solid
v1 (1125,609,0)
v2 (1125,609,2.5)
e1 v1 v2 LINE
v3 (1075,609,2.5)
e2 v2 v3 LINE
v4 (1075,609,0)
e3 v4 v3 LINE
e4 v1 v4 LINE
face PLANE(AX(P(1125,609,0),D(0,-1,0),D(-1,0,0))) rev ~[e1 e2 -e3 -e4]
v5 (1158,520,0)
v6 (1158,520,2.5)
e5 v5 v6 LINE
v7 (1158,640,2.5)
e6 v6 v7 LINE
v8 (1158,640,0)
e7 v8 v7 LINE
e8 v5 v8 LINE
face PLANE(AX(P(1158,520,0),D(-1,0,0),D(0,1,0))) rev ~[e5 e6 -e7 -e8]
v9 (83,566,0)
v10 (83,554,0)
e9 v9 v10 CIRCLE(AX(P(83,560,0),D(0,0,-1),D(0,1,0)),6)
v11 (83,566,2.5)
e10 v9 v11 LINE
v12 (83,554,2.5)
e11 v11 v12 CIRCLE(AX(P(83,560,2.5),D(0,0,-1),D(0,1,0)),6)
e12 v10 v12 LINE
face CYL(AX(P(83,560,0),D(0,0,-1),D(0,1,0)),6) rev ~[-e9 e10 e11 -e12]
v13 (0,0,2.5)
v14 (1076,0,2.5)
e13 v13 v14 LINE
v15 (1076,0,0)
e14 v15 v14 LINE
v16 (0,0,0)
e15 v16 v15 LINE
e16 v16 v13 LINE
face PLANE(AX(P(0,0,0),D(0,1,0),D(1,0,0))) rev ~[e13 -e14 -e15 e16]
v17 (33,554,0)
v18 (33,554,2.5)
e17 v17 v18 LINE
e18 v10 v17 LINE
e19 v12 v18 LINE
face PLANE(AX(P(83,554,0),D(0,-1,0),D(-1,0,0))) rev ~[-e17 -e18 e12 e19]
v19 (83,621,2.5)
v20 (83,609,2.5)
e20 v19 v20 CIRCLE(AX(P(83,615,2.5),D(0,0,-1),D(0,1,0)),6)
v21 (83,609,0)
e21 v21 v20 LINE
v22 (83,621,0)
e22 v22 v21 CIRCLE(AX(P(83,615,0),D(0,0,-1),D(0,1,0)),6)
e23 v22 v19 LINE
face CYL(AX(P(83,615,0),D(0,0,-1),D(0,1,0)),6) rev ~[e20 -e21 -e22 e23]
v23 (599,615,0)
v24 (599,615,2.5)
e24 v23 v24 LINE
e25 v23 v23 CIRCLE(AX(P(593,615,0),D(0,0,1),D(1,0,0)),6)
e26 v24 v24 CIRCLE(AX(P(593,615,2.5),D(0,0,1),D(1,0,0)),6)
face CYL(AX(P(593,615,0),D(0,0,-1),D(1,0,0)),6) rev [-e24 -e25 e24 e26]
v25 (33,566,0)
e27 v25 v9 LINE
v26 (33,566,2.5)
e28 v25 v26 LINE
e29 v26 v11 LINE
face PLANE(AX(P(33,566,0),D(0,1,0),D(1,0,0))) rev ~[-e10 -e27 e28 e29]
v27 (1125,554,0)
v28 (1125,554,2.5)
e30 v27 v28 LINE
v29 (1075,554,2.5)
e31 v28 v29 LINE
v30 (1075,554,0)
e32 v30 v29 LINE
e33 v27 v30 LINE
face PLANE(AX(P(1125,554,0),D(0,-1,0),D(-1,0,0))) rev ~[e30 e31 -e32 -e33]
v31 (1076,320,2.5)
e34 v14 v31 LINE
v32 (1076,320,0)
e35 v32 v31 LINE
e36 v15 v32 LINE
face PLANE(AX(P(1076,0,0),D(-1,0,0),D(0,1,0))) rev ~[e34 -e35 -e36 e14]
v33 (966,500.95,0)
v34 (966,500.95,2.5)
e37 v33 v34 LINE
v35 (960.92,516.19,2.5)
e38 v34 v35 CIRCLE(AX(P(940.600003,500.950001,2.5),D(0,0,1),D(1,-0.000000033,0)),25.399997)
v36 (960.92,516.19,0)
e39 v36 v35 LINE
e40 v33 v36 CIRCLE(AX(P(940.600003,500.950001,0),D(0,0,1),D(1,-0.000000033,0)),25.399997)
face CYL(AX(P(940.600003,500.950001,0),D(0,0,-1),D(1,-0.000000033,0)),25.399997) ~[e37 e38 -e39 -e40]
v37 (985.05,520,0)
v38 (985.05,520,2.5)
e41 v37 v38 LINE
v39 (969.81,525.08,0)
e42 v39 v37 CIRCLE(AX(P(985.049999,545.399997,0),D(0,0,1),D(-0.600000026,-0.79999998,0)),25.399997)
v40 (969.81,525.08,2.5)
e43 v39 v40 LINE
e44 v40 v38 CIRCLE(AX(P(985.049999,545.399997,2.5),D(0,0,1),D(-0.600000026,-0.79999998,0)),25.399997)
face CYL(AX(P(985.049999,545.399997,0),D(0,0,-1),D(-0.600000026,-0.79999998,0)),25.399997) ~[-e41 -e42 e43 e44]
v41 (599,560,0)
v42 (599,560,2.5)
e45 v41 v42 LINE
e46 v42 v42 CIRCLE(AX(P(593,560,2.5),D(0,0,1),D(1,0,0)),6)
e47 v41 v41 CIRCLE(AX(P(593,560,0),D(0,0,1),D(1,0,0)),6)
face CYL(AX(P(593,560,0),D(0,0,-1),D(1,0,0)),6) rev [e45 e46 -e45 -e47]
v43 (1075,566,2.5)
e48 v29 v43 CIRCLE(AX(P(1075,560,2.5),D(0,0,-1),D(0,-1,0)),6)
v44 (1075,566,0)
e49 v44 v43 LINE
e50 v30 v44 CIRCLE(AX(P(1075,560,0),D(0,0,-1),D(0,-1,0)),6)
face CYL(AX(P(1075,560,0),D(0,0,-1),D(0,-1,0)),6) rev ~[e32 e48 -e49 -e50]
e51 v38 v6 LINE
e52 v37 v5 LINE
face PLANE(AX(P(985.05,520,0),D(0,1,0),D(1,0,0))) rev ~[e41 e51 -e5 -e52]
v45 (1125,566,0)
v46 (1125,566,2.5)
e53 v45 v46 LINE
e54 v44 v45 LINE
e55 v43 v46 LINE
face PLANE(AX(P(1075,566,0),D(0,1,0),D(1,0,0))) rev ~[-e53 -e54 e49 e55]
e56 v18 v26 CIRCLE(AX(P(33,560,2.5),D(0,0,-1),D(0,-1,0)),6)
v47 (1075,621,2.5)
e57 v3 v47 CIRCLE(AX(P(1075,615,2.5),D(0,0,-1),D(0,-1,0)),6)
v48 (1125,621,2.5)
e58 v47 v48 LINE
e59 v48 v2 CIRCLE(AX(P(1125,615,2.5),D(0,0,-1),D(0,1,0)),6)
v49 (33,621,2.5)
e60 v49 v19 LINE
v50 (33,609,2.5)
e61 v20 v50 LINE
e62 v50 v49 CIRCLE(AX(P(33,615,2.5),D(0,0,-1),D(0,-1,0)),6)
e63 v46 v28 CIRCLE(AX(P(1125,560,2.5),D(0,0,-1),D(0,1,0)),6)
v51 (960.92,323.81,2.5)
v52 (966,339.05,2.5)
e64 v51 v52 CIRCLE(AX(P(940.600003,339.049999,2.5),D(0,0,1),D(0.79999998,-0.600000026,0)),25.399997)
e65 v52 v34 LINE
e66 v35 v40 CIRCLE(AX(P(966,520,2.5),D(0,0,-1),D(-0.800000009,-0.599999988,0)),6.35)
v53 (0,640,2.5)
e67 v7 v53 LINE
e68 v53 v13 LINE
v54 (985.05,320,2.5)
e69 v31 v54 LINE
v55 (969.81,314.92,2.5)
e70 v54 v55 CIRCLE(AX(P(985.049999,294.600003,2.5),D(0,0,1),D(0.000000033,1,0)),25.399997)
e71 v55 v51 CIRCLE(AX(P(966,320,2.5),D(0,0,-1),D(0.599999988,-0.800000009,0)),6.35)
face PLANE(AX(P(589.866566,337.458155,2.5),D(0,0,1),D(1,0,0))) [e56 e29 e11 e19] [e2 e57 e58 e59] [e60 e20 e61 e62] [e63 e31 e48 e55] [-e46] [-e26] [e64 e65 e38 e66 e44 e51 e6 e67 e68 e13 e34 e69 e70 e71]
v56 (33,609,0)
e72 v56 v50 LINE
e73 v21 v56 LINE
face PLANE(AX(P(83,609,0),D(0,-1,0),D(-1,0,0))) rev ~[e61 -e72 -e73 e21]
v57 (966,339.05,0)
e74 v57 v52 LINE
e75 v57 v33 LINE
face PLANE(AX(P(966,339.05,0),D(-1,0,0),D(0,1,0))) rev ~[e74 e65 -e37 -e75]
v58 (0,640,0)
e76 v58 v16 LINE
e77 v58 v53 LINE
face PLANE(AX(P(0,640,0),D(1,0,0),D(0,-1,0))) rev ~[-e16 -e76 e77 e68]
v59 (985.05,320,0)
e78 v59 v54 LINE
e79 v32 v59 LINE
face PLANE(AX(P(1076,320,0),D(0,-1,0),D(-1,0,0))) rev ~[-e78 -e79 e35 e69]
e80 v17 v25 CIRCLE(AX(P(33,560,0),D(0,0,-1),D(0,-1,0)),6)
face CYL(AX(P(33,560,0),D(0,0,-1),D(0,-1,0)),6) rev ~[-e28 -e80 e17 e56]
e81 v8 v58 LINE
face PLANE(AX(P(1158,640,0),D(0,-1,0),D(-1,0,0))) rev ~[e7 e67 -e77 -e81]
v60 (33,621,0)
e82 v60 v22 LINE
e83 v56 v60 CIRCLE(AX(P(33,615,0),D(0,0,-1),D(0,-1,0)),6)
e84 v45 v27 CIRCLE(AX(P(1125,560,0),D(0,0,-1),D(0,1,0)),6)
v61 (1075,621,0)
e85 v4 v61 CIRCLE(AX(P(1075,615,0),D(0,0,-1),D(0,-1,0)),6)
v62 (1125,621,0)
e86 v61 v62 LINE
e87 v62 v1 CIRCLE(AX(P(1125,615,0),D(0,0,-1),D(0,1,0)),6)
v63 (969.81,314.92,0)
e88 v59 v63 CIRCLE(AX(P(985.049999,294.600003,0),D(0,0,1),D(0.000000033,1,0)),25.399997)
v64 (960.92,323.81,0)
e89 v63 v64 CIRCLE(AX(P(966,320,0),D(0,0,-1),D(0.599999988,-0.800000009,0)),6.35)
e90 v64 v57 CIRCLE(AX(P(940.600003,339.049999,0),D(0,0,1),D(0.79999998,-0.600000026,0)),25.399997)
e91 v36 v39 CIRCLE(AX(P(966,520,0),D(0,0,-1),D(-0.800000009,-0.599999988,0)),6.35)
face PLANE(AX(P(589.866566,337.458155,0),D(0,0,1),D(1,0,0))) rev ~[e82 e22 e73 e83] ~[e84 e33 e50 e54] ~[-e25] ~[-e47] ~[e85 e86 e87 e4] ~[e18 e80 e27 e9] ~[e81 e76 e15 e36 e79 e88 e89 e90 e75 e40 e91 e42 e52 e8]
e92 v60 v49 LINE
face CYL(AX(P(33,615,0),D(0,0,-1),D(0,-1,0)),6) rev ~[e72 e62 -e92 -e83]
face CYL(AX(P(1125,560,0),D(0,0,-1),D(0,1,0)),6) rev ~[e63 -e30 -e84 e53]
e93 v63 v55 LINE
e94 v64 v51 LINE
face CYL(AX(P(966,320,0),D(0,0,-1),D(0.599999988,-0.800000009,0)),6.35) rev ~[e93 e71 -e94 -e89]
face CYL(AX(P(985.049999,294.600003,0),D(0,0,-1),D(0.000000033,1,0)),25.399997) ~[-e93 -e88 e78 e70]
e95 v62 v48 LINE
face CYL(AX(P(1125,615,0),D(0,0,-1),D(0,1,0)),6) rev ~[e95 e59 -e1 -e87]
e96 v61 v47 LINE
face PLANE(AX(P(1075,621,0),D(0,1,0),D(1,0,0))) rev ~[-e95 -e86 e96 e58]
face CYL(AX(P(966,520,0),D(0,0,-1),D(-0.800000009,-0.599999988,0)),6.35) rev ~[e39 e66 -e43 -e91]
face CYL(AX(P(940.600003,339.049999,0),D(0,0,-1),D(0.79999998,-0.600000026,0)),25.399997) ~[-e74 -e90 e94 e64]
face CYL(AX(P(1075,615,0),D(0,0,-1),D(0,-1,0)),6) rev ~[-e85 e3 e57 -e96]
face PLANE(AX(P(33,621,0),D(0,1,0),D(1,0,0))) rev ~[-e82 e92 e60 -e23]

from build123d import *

# Parameters (mm, degrees)
F0_R     = 6
F1_DEPTH = 2.5


with BuildPart() as f1:
    # F0 (on Top) → F1 (new body)
    with BuildSketch(Plane.XY):
        with BuildLine():
            Line((0, 640), (0, 0))
            Line((0, 0), (1076, 0))
            Line((1076, 0), (1076, 320))
            Line((1076, 320), (985.05, 320))
            ThreePointArc((985.05, 320), (977.017815, 318.696556), (969.81, 314.92))
            ThreePointArc((969.81, 314.92), (961.509872, 315.509872), (960.92, 323.81))
            ThreePointArc((960.92, 323.81), (964.696556, 331.017815), (966, 339.05))
            Line((966, 339.05), (966, 500.95))
            ThreePointArc((966, 500.95), (964.696556, 508.982185), (960.92, 516.19))
            ThreePointArc((960.92, 516.19), (961.509872, 524.490128), (969.81, 525.08))
            ThreePointArc((969.81, 525.08), (977.017815, 521.303444), (985.05, 520))
            Line((985.05, 520), (1158, 520))
            Line((1158, 520), (1158, 640))
            Line((1158, 640), (0, 640))
        make_face()
        with BuildLine():
            ThreePointArc((33, 554), (27, 560), (33, 566))
            Line((33, 566), (83, 566))
            ThreePointArc((83, 566), (89, 560), (83, 554))
            Line((83, 554), (33, 554))
        make_face(mode=Mode.SUBTRACT)
        with BuildLine():
            ThreePointArc((33, 609), (27, 615), (33, 621))
            Line((33, 621), (83, 621))
            ThreePointArc((83, 621), (89, 615), (83, 609))
            Line((83, 609), (33, 609))
        make_face(mode=Mode.SUBTRACT)
        with Locations((593, 560)):
            Circle(F0_R, mode=Mode.SUBTRACT)
        with Locations((593, 615)):
            Circle(F0_R, mode=Mode.SUBTRACT)
        with BuildLine():
            ThreePointArc((1075, 554), (1069, 560), (1075, 566))
            Line((1075, 566), (1125, 566))
            ThreePointArc((1125, 566), (1131, 560), (1125, 554))
            Line((1125, 554), (1075, 554))
        make_face(mode=Mode.SUBTRACT)
        with BuildLine():
            ThreePointArc((1075, 609), (1069, 615), (1075, 621))
            Line((1075, 621), (1125, 621))
            ThreePointArc((1125, 621), (1131, 615), (1125, 609))
            Line((1125, 609), (1075, 609))
        make_face(mode=Mode.SUBTRACT)
    extrude(amount=F1_DEPTH)


solid = f1.part
